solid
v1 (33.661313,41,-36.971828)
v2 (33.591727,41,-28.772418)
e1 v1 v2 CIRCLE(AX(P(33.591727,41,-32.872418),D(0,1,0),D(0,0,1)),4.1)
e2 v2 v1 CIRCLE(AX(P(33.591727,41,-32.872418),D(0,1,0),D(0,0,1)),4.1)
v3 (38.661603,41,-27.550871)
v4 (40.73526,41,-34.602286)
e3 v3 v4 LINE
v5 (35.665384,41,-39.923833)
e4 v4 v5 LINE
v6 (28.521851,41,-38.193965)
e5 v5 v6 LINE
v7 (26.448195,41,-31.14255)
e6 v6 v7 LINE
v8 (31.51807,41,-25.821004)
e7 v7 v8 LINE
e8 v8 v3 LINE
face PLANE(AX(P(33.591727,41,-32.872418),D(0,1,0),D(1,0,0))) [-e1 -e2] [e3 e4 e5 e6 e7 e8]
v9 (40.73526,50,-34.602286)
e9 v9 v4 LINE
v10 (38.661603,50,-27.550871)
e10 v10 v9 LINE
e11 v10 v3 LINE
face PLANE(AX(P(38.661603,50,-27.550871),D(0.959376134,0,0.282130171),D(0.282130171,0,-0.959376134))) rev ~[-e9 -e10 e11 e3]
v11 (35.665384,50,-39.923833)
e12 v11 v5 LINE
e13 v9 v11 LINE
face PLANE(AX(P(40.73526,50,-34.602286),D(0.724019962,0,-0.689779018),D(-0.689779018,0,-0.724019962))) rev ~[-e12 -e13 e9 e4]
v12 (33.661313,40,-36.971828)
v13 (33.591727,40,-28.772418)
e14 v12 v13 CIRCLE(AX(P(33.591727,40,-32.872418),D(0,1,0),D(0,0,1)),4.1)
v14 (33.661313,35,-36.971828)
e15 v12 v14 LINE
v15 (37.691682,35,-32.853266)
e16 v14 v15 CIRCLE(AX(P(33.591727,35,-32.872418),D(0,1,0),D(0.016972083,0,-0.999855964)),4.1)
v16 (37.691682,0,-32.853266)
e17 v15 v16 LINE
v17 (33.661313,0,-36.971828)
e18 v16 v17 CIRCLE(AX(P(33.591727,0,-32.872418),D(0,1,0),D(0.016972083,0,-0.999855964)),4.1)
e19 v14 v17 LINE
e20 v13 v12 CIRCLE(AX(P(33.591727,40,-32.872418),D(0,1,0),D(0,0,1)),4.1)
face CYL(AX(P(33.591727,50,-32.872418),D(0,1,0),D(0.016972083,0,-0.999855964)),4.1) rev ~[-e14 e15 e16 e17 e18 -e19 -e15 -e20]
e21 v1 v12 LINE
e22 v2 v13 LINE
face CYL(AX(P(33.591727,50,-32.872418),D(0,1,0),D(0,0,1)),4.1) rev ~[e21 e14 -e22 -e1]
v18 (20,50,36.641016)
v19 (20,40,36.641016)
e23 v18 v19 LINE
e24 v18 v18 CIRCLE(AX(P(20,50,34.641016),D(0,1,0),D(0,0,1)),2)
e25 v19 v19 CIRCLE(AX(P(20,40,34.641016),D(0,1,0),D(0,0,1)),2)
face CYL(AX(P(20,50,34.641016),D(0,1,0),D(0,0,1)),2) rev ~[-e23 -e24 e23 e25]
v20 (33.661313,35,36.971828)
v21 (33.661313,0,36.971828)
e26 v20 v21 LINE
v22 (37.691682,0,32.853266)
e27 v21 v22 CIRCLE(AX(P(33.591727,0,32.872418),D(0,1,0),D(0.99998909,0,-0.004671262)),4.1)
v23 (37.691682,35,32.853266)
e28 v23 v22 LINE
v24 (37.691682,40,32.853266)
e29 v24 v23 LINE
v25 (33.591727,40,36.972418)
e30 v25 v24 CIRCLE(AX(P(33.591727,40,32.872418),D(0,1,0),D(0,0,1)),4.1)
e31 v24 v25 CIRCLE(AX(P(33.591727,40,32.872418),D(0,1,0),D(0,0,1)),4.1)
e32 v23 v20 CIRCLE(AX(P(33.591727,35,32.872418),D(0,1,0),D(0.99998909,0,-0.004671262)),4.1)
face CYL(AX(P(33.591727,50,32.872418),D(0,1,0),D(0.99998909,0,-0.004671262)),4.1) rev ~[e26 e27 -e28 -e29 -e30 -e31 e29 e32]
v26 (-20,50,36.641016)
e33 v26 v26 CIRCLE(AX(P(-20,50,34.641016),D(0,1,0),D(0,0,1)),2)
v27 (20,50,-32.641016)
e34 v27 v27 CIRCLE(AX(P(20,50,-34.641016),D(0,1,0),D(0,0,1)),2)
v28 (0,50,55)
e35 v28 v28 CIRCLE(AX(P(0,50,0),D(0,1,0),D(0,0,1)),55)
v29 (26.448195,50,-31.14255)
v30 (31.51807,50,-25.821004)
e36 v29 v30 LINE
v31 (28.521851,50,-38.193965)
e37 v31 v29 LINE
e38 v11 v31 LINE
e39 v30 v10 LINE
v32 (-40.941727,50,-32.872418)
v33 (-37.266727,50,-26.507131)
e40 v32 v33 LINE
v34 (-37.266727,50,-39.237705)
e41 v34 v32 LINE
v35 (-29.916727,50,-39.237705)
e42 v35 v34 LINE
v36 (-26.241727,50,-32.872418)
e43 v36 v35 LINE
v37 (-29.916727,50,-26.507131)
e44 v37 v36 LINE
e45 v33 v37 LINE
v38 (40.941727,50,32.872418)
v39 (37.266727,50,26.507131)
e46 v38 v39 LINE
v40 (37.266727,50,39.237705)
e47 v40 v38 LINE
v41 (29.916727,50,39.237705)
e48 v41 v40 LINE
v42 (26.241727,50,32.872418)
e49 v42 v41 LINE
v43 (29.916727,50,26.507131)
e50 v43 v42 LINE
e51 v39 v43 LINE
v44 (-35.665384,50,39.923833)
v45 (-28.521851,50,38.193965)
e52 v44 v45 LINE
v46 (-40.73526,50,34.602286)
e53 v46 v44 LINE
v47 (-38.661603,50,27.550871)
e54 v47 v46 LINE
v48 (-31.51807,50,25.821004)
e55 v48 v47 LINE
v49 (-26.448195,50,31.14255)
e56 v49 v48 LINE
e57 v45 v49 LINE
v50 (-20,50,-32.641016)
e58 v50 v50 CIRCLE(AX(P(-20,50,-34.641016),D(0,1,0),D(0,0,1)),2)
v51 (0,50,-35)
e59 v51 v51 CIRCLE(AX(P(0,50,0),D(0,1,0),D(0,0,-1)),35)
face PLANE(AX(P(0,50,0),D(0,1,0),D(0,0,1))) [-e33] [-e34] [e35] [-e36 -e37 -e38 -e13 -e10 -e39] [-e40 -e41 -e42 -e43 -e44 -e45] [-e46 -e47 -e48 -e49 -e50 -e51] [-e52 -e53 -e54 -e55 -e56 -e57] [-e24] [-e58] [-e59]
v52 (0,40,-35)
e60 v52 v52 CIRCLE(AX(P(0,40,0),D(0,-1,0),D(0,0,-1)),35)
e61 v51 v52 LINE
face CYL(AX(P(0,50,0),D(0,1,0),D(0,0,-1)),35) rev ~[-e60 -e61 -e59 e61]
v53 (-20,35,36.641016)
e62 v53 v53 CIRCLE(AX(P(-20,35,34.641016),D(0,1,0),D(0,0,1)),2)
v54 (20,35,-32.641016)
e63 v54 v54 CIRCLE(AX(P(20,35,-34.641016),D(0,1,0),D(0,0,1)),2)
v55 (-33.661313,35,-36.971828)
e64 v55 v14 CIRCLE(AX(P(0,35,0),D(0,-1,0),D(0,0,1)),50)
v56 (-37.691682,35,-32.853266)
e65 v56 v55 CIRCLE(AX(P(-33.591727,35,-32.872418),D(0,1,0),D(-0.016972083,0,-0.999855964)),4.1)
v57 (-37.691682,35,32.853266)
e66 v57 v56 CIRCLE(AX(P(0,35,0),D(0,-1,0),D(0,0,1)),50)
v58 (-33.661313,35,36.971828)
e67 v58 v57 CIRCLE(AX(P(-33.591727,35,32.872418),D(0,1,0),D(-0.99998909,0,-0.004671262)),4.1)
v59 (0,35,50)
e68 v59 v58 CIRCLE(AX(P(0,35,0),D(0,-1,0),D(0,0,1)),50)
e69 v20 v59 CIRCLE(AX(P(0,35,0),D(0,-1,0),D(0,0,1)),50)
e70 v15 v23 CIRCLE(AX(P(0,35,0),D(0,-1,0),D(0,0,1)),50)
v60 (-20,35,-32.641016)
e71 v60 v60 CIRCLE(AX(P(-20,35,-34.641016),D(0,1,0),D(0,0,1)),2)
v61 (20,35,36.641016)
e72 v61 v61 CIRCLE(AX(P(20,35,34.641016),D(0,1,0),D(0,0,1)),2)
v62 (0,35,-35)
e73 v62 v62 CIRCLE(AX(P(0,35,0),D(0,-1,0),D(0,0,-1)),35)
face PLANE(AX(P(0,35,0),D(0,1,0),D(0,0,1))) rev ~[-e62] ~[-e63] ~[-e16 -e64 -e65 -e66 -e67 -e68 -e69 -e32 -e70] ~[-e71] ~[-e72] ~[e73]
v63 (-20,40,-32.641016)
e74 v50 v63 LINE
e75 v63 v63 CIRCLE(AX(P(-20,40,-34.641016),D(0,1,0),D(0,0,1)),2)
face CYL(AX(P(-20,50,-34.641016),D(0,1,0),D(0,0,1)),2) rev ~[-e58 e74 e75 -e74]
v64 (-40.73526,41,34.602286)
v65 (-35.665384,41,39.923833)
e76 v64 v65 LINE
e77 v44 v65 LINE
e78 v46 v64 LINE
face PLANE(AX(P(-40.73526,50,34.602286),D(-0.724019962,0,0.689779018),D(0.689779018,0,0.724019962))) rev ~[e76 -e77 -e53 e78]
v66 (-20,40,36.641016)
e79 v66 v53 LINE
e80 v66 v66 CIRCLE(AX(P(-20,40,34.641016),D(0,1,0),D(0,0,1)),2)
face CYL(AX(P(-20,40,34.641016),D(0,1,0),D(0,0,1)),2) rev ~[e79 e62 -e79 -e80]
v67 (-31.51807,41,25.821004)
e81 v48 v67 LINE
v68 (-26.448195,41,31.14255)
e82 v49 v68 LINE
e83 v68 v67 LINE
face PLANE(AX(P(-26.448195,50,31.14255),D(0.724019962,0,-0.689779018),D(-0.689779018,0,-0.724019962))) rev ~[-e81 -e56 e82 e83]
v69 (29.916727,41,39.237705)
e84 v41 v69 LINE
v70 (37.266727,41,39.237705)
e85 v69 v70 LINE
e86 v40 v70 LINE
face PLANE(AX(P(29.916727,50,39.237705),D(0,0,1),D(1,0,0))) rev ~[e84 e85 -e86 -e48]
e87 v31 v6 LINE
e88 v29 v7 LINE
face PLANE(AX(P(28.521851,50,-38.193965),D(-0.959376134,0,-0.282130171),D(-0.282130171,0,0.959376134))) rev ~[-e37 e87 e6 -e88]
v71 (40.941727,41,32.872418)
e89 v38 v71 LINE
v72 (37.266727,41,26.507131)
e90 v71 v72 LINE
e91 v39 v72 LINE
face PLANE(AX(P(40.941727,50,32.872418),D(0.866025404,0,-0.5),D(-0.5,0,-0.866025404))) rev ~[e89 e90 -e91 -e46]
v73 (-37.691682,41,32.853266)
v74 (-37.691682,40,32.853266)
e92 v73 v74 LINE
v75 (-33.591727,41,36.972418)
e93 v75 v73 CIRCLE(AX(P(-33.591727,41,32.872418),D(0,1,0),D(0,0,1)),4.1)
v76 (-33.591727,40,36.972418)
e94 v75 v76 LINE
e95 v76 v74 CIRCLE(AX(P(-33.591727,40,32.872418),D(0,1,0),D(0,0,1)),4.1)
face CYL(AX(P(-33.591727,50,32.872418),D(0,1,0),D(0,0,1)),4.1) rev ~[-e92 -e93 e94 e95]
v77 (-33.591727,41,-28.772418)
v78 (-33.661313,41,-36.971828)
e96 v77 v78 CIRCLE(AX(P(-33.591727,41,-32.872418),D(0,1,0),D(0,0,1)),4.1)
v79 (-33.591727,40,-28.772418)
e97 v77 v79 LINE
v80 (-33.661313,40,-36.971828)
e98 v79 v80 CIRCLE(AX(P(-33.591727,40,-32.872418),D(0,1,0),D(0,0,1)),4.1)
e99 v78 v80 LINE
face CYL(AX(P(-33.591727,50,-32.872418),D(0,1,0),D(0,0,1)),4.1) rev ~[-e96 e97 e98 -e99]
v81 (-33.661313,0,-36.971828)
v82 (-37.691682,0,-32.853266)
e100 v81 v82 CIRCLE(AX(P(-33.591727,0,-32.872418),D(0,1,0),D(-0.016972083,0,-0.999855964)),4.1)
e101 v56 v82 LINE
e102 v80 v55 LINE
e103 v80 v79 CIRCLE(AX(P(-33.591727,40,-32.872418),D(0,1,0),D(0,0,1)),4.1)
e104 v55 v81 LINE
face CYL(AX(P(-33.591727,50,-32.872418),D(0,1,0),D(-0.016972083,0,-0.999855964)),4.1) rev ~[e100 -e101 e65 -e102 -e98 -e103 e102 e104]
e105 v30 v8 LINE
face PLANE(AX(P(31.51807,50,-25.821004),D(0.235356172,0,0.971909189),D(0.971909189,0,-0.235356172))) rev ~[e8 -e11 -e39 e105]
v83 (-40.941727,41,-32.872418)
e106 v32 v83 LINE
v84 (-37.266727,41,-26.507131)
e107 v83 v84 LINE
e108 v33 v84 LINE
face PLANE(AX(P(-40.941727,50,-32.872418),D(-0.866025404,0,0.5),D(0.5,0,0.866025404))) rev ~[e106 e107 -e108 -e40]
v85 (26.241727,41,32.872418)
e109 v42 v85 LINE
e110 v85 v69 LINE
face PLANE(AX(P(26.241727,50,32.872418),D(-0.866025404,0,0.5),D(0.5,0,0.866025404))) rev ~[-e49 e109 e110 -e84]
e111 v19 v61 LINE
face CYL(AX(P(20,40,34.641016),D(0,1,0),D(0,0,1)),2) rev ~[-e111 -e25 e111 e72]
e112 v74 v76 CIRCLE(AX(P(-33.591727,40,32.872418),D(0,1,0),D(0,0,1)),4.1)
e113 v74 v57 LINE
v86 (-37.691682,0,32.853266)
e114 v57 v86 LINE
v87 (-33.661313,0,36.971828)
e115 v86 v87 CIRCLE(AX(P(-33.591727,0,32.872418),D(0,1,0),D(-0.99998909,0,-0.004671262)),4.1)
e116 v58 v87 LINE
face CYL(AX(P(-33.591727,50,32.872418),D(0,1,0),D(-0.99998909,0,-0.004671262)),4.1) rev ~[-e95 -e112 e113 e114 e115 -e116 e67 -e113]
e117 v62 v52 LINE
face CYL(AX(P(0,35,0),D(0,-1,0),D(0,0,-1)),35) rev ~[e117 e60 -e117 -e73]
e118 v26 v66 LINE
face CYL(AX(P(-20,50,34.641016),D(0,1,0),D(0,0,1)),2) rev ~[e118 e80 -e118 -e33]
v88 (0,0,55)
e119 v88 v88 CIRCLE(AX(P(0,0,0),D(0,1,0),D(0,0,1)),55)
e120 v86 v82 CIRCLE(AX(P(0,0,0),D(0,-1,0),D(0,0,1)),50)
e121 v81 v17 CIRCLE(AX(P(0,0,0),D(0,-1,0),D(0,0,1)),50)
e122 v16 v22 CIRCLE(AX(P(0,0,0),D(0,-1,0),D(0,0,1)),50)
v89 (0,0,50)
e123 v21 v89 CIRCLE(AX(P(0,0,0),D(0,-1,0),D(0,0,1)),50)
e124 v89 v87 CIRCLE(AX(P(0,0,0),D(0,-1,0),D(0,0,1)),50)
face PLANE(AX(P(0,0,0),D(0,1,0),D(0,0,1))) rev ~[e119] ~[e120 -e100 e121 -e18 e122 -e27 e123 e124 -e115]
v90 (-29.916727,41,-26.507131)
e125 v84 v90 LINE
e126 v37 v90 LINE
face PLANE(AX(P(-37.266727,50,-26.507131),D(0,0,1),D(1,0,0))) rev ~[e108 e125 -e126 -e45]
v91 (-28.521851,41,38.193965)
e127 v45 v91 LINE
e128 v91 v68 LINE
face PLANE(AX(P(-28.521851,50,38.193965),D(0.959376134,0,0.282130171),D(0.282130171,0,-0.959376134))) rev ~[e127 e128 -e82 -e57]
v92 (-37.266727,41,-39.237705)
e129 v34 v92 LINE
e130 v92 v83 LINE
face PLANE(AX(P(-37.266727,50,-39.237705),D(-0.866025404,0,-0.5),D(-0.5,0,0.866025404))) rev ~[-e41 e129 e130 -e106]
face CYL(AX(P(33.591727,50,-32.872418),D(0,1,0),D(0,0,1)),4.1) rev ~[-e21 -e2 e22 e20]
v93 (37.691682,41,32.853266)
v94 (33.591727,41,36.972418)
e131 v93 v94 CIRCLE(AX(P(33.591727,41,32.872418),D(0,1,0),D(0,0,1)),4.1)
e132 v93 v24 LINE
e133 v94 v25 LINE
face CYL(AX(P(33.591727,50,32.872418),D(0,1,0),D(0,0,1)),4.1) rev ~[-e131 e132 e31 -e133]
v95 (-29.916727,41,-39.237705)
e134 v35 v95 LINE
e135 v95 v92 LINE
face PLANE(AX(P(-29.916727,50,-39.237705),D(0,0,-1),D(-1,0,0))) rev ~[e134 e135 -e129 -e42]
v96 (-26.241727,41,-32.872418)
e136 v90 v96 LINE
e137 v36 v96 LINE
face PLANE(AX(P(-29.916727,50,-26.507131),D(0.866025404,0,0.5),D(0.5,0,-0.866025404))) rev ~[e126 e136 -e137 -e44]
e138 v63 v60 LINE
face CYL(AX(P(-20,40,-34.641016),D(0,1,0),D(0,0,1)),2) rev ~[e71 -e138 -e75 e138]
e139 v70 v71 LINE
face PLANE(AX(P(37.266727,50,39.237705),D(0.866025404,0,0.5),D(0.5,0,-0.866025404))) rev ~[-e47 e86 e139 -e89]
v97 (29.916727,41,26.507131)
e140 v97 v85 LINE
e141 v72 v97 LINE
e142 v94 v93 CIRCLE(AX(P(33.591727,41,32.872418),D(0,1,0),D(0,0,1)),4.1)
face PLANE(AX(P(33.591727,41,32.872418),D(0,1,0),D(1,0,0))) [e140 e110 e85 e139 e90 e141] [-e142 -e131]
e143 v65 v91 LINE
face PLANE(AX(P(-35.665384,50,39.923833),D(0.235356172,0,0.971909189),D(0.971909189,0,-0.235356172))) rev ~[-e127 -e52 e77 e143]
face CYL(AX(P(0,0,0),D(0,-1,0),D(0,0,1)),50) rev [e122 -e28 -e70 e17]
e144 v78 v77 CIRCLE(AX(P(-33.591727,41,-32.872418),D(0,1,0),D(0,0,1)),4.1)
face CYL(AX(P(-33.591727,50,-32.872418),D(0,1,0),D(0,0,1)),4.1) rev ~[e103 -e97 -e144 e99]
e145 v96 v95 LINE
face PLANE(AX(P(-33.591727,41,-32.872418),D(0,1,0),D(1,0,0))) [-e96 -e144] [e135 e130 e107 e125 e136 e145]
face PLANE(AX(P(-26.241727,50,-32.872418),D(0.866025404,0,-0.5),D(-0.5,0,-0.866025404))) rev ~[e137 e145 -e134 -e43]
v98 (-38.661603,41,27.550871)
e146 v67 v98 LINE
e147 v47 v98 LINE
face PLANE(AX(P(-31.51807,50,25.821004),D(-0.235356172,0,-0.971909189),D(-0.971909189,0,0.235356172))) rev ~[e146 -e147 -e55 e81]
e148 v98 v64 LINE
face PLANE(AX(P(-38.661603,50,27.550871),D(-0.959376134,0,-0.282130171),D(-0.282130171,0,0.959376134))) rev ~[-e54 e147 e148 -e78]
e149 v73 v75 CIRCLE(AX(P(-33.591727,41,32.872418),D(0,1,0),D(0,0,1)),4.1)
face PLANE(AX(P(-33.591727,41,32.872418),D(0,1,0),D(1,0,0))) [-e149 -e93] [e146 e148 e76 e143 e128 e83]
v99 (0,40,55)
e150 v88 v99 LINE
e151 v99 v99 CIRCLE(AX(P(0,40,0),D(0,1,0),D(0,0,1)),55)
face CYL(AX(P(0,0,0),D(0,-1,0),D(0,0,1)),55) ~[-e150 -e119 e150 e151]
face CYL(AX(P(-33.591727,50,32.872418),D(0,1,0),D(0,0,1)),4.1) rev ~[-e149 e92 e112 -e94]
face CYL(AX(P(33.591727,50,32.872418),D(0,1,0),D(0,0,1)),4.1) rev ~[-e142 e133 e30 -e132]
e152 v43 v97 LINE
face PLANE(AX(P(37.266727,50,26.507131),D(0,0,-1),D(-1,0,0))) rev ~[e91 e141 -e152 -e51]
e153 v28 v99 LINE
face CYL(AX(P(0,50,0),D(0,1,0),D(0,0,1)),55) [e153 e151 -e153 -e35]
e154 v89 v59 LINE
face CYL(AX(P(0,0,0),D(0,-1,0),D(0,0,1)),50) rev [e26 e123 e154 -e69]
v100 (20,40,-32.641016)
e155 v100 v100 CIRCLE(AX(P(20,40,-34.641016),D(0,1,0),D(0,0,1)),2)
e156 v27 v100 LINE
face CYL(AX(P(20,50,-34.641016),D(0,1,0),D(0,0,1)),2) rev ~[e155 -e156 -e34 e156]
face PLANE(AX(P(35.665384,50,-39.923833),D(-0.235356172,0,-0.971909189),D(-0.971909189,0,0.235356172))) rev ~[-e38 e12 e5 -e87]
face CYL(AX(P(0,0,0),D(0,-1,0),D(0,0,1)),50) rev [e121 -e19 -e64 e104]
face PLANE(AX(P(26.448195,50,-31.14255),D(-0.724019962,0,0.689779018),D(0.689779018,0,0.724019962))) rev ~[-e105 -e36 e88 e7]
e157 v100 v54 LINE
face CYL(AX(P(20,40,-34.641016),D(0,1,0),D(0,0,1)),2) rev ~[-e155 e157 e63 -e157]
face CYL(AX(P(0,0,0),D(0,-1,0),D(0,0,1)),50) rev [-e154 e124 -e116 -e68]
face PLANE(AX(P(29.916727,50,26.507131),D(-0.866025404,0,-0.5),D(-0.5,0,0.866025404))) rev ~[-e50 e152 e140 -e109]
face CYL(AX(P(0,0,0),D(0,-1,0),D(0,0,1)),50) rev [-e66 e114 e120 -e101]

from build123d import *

# Parameters (mm, degrees)
SKETCH1_R           = 55
BOSS_EXTRUDE1_DEPTH = 40
SHELL1_T            = -5
SKETCH2_R           = 35
CUT_EXTRUDE1_DEPTH  = 86.293610546
SKETCH3_R           = 2
CUT_EXTRUDE2_DEPTH  = 88.464278423
BOSS_EXTRUDE2_START = 10
SKETCH4_R           = 55
SKETCH4_R_2         = 35
SKETCH4_R_3         = 4.1
SKETCH4_R_4         = 2
BOSS_EXTRUDE2_DEPTH = 10
SKETCH5_R           = 4.1
CUT_EXTRUDE3_DEPTH  = 93.466210045
CUT_EXTRUDE4_DEPTH  = 9


with BuildPart() as part:
    # Sketch1 → Boss-Extrude1 (new body)
    with BuildSketch(Plane(origin=(0, 0, 0), x_dir=(1, 0, 0), z_dir=(0, 1, 0))):
        with Locations(Location((0, 0, 0), (0, 0, 270))):
            Circle(SKETCH1_R)
    extrude(amount=BOSS_EXTRUDE1_DEPTH)

    # Shell1
    shell1_openings = [part.faces().sort_by_distance(p)[0] for p in [
        (0, 0, 0),
    ]]
    offset(amount=SHELL1_T, openings=shell1_openings, kind=Kind.INTERSECTION)

    # Sketch2 → Cut-Extrude1 (cut, through all)
    with BuildSketch(Plane.XZ.offset(-35)):
        with Locations(Location((0, 0, 0), (0, 0, 270))):
            Circle(SKETCH2_R)
    extrude(amount=-CUT_EXTRUDE1_DEPTH, mode=Mode.SUBTRACT)

    # Sketch3 → Cut-Extrude2 (cut, through all)
    with BuildSketch(Plane(origin=(0, 40, 0), x_dir=(1, 0, 0), z_dir=(0, 1, 0))):
        with Locations(Location((-20, -34.641016151, 0), (0, 0, 270))):
            Circle(SKETCH3_R)
        with Locations(Location((-20, 34.641016151, 0), (0, 0, 270))):
            Circle(SKETCH3_R)
        with Locations(Location((20, 34.641016151, 0), (0, 0, 270))):
            Circle(SKETCH3_R)
        with Locations(Location((20, -34.641016151, 0), (0, 0, 270))):
            Circle(SKETCH3_R)
    extrude(amount=-CUT_EXTRUDE2_DEPTH, mode=Mode.SUBTRACT)

    # Sketch4 → Boss-Extrude2 (add)
    with BuildSketch(Plane(origin=(0, 40, 0), x_dir=(1, 0, 0), z_dir=(0, 1, 0)).offset(BOSS_EXTRUDE2_START)):
        with Locations(Location((0, 0, 0), (0, 0, 270))):
            Circle(SKETCH4_R)
        with Locations(Location((0, 0, 0), (0, 0, 90))):
            Circle(SKETCH4_R_2, mode=Mode.SUBTRACT)
        with Locations(Location((-33.591727055, -32.872418126, 0), (0, 0, 270))):
            Circle(SKETCH4_R_3, mode=Mode.SUBTRACT)
        with Locations(Location((-33.591727055, 32.872418126, 0), (0, 0, 270))):
            Circle(SKETCH4_R_3, mode=Mode.SUBTRACT)
        with Locations(Location((33.591727055, 32.872418126, 0), (0, 0, 270))):
            Circle(SKETCH4_R_3, mode=Mode.SUBTRACT)
        with Locations(Location((33.591727055, -32.872418126, 0), (0, 0, 270))):
            Circle(SKETCH4_R_3, mode=Mode.SUBTRACT)
        with Locations(Location((20, 34.641016151, 0), (0, 0, 270))):
            Circle(SKETCH4_R_4, mode=Mode.SUBTRACT)
        with Locations(Location((20, -34.641016151, 0), (0, 0, 270))):
            Circle(SKETCH4_R_4, mode=Mode.SUBTRACT)
        with Locations(Location((-20, -34.641016151, 0), (0, 0, 270))):
            Circle(SKETCH4_R_4, mode=Mode.SUBTRACT)
        with Locations(Location((-20, 34.641016151, 0), (0, 0, 270))):
            Circle(SKETCH4_R_4, mode=Mode.SUBTRACT)
    extrude(amount=-BOSS_EXTRUDE2_DEPTH)

    # Sketch5 → Cut-Extrude3 (cut, through all)
    with BuildSketch(Plane(origin=(0, 50, 0), x_dir=(1, 0, 0), z_dir=(0, 1, 0))):
        with Locations(Location((-33.591727055, -32.872418126, 0), (0, 0, 179.732355429))):
            Circle(SKETCH5_R)
        with Locations(Location((-33.591727055, 32.872418126, 0), (0, 0, 90.972475399))):
            Circle(SKETCH5_R)
        with Locations(Location((33.591727055, 32.872418126, 0), (0, 0, 89.027524601))):
            Circle(SKETCH5_R)
        with Locations(Location((33.591727055, -32.872418126, 0), (0, 0, 0.267644571))):
            Circle(SKETCH5_R)
    extrude(amount=-CUT_EXTRUDE3_DEPTH, mode=Mode.SUBTRACT)

    # Sketch6 → Cut-Extrude4 (cut)
    with BuildSketch(Plane(origin=(0, 50, 0), x_dir=(1, 0, 0), z_dir=(0, 1, 0))):
        Polygon((37.266727055, -26.507131408), (29.916727055, -26.507131408), (26.241727055, -32.872418126), (29.916727055, -39.237704844), (37.266727055, -39.237704844), (40.941727055, -32.872418126), align=None)
        Polygon((-28.521851271, -38.19396485), (-26.448194513, -31.142550265), (-31.518070297, -25.821003541), (-38.661602839, -27.550871402), (-40.735259598, -34.602285987), (-35.665383814, -39.923832711), align=None)
        Polygon((-26.241727055, 32.872418126), (-29.916727055, 39.237704844), (-37.266727055, 39.237704844), (-40.941727055, 32.872418126), (-37.266727055, 26.507131408), (-29.916727055, 26.507131408), align=None)
        Polygon((31.518070297, 25.821003541), (38.661602839, 27.550871402), (40.735259598, 34.602285987), (35.665383814, 39.923832711), (28.521851271, 38.19396485), (26.448194513, 31.142550265), align=None)
    extrude(amount=-CUT_EXTRUDE4_DEPTH, mode=Mode.SUBTRACT)


solid = part.part
